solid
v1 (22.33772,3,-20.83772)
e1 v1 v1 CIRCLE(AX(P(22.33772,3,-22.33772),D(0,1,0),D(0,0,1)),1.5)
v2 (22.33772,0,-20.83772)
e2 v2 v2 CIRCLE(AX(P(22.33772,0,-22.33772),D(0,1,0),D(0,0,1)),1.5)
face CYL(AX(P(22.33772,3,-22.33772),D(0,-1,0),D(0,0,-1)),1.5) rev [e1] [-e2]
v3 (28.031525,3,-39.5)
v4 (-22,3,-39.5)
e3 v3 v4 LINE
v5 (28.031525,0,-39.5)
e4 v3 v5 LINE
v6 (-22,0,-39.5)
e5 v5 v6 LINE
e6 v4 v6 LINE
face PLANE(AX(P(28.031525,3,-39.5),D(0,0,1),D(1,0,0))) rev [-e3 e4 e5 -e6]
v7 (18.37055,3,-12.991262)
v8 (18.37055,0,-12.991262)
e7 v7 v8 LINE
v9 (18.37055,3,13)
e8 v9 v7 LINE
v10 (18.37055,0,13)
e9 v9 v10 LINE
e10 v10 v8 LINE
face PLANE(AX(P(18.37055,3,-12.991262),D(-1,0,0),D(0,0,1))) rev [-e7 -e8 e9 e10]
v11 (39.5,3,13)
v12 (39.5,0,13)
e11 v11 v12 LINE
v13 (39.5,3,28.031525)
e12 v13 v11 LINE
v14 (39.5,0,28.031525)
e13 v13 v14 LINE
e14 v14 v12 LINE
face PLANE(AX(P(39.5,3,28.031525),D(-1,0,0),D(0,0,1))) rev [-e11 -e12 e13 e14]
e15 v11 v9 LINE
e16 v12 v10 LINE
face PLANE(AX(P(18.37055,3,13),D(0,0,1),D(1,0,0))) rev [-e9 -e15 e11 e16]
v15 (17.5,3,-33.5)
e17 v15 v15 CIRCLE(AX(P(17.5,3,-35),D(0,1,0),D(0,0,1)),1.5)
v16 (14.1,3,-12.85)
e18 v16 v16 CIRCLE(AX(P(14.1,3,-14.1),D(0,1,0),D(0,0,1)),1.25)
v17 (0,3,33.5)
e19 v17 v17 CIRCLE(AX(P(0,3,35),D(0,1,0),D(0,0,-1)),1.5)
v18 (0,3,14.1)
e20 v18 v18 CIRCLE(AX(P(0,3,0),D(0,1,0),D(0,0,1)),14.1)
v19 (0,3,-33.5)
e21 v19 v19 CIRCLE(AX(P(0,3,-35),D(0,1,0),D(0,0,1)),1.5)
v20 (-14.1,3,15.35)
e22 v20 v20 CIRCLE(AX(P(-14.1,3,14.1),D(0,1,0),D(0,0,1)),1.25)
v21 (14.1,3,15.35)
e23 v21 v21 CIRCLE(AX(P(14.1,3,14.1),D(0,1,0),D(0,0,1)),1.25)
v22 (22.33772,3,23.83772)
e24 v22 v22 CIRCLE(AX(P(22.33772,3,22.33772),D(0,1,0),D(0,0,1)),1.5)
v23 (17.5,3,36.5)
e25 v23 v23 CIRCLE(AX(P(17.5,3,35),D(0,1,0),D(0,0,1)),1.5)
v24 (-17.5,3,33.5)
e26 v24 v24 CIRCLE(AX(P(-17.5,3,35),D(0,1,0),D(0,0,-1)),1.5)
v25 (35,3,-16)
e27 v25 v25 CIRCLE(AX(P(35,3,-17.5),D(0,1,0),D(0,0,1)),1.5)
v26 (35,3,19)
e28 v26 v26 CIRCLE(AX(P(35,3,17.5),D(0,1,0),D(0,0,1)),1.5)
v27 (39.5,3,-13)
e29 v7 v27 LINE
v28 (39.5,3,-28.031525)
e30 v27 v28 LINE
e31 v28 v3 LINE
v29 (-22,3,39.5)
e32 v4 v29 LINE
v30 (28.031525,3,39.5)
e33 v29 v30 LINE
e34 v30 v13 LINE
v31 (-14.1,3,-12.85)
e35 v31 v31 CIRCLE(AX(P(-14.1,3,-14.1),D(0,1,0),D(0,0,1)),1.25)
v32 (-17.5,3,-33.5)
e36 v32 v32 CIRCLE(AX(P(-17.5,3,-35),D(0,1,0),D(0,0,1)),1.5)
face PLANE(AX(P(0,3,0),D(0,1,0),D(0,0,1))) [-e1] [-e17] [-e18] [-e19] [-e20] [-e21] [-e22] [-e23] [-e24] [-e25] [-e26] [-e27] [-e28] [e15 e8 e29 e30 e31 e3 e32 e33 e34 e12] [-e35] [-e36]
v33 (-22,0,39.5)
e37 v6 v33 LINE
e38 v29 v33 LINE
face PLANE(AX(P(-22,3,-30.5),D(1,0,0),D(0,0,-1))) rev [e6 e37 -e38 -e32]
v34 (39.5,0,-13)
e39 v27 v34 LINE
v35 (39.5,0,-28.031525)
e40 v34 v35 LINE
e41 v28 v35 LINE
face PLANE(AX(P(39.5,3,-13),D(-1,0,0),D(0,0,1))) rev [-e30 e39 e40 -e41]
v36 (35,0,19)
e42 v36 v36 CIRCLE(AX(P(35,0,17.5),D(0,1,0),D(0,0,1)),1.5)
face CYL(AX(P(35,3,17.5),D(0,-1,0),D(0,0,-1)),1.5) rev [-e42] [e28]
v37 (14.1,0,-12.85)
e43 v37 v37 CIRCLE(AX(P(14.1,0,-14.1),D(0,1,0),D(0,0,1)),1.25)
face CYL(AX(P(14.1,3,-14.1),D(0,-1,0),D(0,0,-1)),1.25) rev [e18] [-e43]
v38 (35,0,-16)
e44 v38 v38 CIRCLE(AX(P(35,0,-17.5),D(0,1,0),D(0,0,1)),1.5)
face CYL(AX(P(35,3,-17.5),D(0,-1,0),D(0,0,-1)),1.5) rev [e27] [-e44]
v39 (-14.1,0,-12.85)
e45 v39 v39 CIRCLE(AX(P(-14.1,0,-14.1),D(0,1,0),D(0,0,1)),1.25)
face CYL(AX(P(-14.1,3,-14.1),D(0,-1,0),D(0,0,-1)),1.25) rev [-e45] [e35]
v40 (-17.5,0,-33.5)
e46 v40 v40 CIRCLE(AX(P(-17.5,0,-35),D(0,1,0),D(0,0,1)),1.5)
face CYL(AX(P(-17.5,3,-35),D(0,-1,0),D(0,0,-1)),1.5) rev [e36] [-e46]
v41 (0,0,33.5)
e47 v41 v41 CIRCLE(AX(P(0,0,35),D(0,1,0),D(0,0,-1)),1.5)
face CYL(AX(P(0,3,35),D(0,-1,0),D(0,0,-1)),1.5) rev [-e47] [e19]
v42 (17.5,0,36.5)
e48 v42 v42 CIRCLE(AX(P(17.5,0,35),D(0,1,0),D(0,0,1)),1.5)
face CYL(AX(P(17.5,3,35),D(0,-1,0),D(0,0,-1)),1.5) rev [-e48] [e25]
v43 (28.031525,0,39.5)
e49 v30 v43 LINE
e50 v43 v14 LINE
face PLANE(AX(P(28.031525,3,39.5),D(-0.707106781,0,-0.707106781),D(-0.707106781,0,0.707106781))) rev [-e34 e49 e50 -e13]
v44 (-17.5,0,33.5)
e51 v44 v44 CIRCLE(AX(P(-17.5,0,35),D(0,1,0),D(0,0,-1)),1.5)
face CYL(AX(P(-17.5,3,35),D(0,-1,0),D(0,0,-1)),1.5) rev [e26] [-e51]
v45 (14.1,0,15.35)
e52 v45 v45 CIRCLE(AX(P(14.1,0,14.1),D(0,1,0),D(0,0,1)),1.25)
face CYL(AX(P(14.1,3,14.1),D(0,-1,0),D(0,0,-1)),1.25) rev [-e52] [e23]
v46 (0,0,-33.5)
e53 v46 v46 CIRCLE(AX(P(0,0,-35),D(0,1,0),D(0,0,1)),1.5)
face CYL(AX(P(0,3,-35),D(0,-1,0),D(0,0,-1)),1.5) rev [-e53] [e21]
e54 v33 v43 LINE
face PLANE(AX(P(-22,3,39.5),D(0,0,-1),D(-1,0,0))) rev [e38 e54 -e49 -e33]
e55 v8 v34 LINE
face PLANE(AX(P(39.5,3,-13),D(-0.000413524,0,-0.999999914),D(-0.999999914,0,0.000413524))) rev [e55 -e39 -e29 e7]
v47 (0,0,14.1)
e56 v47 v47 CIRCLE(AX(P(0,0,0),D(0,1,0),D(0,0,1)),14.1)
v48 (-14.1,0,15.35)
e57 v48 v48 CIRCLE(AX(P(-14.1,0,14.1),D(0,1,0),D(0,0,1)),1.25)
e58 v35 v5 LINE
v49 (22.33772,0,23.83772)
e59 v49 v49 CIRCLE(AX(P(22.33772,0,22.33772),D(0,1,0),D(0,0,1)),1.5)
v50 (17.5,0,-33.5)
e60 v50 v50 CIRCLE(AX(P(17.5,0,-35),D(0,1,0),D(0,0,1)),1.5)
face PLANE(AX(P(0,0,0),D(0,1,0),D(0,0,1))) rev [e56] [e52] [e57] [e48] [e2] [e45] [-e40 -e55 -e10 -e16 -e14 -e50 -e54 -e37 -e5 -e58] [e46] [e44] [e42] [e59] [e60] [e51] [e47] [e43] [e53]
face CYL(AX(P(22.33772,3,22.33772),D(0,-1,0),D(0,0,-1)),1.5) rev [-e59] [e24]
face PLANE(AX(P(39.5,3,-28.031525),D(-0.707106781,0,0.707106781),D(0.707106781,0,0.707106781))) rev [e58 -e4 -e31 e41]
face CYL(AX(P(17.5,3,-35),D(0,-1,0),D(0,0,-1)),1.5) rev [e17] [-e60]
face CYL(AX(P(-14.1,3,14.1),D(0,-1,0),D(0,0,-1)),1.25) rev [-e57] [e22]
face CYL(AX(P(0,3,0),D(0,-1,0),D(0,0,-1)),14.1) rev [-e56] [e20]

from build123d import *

# Parameters (mm, degrees)
SKETCH_1_R      = 1.5
SKETCH_1_R_2    = 1.25
SKETCH_1_R_3    = 14.1
EXTRUDE_1_DEPTH = 3


with BuildPart() as part:
    # 草图1 → 凸台-拉伸1 (new body)
    with BuildSketch(Plane(origin=(0, 0, 0), x_dir=(1, 0, 0), z_dir=(0, 1, 0))):
        Polygon((39.5, 13), (18.370549784, 12.991262473), (18.370549784, -13), (39.5, -13), (39.5, -28.031524747), (28.031524747, -39.5), (-22, -39.5), (-22, 30.5), (-22, 39.5), (28.031524747, 39.5), (39.5, 28.031524747), align=None)
        with Locations(Location((17.5, 35, 0), (0, 0, 270))):
            Circle(SKETCH_1_R, mode=Mode.SUBTRACT)
        with Locations(Location((22.337720199, 22.337720199, 0), (0, 0, 270))):
            Circle(SKETCH_1_R, mode=Mode.SUBTRACT)
        with Locations(Location((35, 17.5, 0), (0, 0, 270))):
            Circle(SKETCH_1_R, mode=Mode.SUBTRACT)
        with Locations(Location((17.5, -35, 0), (0, 0, 270))):
            Circle(SKETCH_1_R, mode=Mode.SUBTRACT)
        with Locations(Location((22.337720199, -22.337720199, 0), (0, 0, 270))):
            Circle(SKETCH_1_R, mode=Mode.SUBTRACT)
        with Locations(Location((35, -17.5, 0), (0, 0, 270))):
            Circle(SKETCH_1_R, mode=Mode.SUBTRACT)
        with Locations(Location((-14.1, 14.1, 0), (0, 0, 270))):
            Circle(SKETCH_1_R_2, mode=Mode.SUBTRACT)
        with Locations(Location((14.1, -14.1, 0), (0, 0, 270))):
            Circle(SKETCH_1_R_2, mode=Mode.SUBTRACT)
        with Locations(Location((0, 35, 0), (0, 0, 270))):
            Circle(SKETCH_1_R, mode=Mode.SUBTRACT)
        with Locations(Location((-17.5, 35, 0), (0, 0, 270))):
            Circle(SKETCH_1_R, mode=Mode.SUBTRACT)
        with Locations(Location((0, -35, 0), (0, 0, 90))):
            Circle(SKETCH_1_R, mode=Mode.SUBTRACT)
        with Locations(Location((-17.5, -35, 0), (0, 0, 90))):
            Circle(SKETCH_1_R, mode=Mode.SUBTRACT)
        with Locations(Location((14.1, 14.1, 0), (0, 0, 270))):
            Circle(SKETCH_1_R_2, mode=Mode.SUBTRACT)
        with Locations(Location((-14.1, -14.1, 0), (0, 0, 270))):
            Circle(SKETCH_1_R_2, mode=Mode.SUBTRACT)
        with Locations(Location((0, 0, 0), (0, 0, 270))):
            Circle(SKETCH_1_R_3, mode=Mode.SUBTRACT)
    extrude(amount=EXTRUDE_1_DEPTH)


solid = part.part
